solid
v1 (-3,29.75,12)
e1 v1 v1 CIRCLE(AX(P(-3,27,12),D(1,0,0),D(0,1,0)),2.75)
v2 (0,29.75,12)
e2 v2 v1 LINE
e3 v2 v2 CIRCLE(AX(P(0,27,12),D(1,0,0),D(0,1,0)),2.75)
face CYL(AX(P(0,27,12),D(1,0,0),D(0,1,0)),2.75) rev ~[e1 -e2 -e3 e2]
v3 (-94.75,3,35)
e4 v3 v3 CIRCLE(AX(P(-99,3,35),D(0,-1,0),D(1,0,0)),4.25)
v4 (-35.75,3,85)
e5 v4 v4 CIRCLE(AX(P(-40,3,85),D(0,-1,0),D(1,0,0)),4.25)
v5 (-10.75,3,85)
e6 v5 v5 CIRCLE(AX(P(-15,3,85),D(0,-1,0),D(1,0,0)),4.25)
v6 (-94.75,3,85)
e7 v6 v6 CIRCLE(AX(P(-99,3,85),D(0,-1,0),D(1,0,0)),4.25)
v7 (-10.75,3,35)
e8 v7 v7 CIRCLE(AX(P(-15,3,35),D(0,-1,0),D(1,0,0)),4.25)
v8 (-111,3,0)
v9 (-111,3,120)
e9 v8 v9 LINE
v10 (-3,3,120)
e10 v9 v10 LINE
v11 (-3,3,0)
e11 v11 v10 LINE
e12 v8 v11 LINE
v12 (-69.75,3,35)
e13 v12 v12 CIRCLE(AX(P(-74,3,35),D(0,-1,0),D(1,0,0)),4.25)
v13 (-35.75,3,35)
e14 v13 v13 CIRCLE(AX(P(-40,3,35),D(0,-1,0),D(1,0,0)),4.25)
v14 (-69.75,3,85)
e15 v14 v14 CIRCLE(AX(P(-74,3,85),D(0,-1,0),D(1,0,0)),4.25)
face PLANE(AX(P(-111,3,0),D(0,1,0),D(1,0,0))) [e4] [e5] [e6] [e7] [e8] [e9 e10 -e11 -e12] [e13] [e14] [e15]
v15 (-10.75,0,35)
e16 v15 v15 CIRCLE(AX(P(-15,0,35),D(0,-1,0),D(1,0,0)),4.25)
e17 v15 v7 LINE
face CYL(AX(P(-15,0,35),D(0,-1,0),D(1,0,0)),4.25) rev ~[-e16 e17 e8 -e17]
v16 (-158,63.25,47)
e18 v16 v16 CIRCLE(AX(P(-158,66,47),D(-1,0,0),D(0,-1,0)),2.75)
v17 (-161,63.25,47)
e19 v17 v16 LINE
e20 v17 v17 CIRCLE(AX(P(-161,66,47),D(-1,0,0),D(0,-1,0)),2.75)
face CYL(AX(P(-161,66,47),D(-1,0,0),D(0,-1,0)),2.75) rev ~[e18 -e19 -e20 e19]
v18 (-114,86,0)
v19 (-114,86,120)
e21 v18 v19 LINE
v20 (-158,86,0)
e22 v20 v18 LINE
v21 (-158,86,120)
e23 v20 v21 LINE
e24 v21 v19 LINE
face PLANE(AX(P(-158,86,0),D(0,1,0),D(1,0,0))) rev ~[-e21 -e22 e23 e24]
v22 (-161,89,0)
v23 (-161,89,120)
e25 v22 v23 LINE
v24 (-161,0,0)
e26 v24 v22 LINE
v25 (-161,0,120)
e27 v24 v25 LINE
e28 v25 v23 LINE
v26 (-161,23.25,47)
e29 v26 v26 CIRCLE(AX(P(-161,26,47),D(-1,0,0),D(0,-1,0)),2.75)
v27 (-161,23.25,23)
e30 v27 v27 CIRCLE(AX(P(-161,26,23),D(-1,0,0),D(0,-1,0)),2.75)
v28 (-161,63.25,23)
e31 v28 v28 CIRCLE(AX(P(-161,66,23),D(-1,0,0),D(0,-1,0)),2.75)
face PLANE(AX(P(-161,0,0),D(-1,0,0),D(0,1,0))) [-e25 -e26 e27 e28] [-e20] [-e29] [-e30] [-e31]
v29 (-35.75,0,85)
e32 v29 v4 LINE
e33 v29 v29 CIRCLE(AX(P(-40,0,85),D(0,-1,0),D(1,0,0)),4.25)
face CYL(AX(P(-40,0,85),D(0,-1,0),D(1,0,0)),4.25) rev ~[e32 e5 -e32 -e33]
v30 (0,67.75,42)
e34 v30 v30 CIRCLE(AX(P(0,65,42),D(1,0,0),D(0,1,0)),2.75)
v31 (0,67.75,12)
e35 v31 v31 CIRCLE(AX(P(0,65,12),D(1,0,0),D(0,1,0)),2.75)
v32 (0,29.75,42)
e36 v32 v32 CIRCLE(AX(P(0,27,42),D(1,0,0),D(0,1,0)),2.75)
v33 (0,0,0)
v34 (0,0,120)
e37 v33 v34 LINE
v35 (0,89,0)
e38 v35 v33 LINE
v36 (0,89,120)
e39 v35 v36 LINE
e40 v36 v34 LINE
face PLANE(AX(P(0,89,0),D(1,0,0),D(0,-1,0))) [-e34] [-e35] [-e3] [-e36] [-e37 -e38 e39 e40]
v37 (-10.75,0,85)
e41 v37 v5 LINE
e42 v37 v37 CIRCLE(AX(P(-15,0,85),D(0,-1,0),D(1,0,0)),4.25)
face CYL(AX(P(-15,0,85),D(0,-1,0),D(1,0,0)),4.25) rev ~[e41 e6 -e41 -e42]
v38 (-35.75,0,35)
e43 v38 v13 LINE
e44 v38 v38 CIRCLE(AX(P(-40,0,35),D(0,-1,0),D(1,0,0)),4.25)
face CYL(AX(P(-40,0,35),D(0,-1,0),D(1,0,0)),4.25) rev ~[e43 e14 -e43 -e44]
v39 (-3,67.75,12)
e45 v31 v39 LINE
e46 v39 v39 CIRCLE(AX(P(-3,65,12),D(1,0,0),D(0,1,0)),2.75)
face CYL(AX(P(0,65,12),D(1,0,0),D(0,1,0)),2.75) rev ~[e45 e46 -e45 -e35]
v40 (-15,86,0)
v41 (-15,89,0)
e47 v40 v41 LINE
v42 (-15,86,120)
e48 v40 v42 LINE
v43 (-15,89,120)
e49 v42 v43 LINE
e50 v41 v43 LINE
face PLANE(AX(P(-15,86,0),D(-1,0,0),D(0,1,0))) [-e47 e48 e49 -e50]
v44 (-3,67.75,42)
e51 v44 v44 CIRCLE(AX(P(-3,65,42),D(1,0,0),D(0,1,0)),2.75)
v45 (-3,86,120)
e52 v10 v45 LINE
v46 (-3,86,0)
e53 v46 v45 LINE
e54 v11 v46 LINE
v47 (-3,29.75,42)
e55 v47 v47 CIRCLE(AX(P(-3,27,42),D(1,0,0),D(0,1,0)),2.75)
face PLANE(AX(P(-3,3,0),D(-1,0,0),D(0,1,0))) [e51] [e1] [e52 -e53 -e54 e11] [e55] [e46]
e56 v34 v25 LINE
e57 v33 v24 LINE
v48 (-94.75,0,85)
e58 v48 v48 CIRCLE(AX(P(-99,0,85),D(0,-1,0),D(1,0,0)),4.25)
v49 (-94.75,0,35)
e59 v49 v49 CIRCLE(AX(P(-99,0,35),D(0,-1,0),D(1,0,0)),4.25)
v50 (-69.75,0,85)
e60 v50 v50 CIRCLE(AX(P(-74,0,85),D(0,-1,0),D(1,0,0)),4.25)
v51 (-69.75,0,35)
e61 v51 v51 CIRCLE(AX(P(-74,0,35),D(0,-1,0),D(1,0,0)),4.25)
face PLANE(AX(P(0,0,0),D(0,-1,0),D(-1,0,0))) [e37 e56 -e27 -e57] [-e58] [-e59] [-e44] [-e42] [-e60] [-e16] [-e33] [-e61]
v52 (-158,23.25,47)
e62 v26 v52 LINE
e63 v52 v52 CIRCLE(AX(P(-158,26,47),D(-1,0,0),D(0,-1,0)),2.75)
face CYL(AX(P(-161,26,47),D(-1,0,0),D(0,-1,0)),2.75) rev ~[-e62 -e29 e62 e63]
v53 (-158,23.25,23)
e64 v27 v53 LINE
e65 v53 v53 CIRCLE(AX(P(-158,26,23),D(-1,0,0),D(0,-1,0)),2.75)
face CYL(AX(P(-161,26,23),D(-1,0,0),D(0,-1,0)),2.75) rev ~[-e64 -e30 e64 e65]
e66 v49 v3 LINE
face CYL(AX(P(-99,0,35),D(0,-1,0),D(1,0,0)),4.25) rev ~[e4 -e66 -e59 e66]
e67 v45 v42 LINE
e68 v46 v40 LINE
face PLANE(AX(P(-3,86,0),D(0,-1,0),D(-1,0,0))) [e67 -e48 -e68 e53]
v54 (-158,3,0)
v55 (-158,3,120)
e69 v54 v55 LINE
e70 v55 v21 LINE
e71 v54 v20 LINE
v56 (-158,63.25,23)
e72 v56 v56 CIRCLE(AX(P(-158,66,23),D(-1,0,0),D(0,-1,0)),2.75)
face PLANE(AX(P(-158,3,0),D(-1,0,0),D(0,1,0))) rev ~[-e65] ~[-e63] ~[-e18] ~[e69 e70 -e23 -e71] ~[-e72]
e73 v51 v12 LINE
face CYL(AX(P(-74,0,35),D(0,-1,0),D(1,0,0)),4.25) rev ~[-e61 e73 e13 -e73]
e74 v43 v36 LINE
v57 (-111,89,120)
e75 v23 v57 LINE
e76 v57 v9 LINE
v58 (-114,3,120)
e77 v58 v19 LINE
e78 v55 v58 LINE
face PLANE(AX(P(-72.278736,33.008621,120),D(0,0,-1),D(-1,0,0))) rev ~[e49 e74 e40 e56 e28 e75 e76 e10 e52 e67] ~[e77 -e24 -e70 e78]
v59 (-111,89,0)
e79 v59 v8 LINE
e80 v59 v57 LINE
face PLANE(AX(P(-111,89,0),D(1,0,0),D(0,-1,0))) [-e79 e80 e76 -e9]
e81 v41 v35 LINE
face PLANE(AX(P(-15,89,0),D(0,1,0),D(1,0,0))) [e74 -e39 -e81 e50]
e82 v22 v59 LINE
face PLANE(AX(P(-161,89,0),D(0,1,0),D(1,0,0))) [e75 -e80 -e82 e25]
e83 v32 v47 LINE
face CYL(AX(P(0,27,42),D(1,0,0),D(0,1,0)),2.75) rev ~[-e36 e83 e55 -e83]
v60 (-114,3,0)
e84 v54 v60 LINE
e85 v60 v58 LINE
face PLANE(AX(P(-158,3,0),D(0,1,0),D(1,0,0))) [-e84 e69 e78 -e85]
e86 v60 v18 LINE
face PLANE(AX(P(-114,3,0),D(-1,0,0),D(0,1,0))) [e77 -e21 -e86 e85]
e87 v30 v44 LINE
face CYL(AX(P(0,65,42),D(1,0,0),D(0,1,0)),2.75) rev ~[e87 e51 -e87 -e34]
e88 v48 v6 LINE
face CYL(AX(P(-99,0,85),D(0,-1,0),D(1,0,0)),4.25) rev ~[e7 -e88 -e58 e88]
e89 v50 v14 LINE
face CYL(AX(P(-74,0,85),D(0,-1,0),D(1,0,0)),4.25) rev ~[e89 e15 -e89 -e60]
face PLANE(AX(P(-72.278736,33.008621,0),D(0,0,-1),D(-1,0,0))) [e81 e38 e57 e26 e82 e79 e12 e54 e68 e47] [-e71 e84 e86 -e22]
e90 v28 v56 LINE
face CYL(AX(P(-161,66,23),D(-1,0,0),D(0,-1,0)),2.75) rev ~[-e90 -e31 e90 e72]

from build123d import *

# Parameters (mm, degrees)
SKETCH_W        = 44
SKETCH_H        = 83
PAD_DEPTH       = 120
SKETCH001_R     = 2.75
POCKET_DEPTH    = 3
SKETCH002_R     = 4.25
POCKET001_DEPTH = 3
SKETCH003_R     = 2.75
POCKET002_DEPTH = 3


with BuildPart() as part:
    # Sketch → Pad (new body)
    with BuildSketch(Plane.XY):
        Polygon((0, 0), (-161, 0), (-161, 89), (-111, 89), (-111, 3), (-3, 3), (-3, 86), (-15, 86), (-15, 89), (0, 89), align=None)
        with Locations((-136, 44.5)):
            Rectangle(SKETCH_W, SKETCH_H, mode=Mode.SUBTRACT)
    extrude(amount=PAD_DEPTH)

    # Sketch001 (on Face2 of Pad) → Pocket (cut)
    with BuildSketch(Plane.YZ):
        with Locations((27, 42)):
            Circle(SKETCH001_R)
        with Locations((65, 42)):
            Circle(SKETCH001_R)
        with Locations((27, 12)):
            Circle(SKETCH001_R)
        with Locations((65, 12)):
            Circle(SKETCH001_R)
    extrude(amount=-POCKET_DEPTH, mode=Mode.SUBTRACT)

    # Sketch002 (on Face6 of Pocket) → Pocket001 (cut)
    with BuildSketch(Plane.XZ):
        with Locations((-40, 85)):
            Circle(SKETCH002_R)
        with Locations((-15, 85)):
            Circle(SKETCH002_R)
        with Locations((-40, 35)):
            Circle(SKETCH002_R)
        with Locations((-15, 35)):
            Circle(SKETCH002_R)
        with Locations((-99, 85)):
            Circle(SKETCH002_R)
        with Locations((-74, 85)):
            Circle(SKETCH002_R)
        with Locations((-99, 35)):
            Circle(SKETCH002_R)
        with Locations((-74, 35)):
            Circle(SKETCH002_R)
    extrude(amount=-POCKET001_DEPTH, mode=Mode.SUBTRACT)

    # Sketch003 (on Face12 of Pocket001) → Pocket002 (cut)
    with BuildSketch(Plane(origin=(-161, 0, 0), x_dir=(0, -1, 0), z_dir=(-1, 0, 0))):
        with Locations((-66, 47)):
            Circle(SKETCH003_R)
        with Locations((-26, 47)):
            Circle(SKETCH003_R)
        with Locations((-66, 23)):
            Circle(SKETCH003_R)
        with Locations((-26, 23)):
            Circle(SKETCH003_R)
    extrude(amount=-POCKET002_DEPTH, mode=Mode.SUBTRACT)


solid = part.part
